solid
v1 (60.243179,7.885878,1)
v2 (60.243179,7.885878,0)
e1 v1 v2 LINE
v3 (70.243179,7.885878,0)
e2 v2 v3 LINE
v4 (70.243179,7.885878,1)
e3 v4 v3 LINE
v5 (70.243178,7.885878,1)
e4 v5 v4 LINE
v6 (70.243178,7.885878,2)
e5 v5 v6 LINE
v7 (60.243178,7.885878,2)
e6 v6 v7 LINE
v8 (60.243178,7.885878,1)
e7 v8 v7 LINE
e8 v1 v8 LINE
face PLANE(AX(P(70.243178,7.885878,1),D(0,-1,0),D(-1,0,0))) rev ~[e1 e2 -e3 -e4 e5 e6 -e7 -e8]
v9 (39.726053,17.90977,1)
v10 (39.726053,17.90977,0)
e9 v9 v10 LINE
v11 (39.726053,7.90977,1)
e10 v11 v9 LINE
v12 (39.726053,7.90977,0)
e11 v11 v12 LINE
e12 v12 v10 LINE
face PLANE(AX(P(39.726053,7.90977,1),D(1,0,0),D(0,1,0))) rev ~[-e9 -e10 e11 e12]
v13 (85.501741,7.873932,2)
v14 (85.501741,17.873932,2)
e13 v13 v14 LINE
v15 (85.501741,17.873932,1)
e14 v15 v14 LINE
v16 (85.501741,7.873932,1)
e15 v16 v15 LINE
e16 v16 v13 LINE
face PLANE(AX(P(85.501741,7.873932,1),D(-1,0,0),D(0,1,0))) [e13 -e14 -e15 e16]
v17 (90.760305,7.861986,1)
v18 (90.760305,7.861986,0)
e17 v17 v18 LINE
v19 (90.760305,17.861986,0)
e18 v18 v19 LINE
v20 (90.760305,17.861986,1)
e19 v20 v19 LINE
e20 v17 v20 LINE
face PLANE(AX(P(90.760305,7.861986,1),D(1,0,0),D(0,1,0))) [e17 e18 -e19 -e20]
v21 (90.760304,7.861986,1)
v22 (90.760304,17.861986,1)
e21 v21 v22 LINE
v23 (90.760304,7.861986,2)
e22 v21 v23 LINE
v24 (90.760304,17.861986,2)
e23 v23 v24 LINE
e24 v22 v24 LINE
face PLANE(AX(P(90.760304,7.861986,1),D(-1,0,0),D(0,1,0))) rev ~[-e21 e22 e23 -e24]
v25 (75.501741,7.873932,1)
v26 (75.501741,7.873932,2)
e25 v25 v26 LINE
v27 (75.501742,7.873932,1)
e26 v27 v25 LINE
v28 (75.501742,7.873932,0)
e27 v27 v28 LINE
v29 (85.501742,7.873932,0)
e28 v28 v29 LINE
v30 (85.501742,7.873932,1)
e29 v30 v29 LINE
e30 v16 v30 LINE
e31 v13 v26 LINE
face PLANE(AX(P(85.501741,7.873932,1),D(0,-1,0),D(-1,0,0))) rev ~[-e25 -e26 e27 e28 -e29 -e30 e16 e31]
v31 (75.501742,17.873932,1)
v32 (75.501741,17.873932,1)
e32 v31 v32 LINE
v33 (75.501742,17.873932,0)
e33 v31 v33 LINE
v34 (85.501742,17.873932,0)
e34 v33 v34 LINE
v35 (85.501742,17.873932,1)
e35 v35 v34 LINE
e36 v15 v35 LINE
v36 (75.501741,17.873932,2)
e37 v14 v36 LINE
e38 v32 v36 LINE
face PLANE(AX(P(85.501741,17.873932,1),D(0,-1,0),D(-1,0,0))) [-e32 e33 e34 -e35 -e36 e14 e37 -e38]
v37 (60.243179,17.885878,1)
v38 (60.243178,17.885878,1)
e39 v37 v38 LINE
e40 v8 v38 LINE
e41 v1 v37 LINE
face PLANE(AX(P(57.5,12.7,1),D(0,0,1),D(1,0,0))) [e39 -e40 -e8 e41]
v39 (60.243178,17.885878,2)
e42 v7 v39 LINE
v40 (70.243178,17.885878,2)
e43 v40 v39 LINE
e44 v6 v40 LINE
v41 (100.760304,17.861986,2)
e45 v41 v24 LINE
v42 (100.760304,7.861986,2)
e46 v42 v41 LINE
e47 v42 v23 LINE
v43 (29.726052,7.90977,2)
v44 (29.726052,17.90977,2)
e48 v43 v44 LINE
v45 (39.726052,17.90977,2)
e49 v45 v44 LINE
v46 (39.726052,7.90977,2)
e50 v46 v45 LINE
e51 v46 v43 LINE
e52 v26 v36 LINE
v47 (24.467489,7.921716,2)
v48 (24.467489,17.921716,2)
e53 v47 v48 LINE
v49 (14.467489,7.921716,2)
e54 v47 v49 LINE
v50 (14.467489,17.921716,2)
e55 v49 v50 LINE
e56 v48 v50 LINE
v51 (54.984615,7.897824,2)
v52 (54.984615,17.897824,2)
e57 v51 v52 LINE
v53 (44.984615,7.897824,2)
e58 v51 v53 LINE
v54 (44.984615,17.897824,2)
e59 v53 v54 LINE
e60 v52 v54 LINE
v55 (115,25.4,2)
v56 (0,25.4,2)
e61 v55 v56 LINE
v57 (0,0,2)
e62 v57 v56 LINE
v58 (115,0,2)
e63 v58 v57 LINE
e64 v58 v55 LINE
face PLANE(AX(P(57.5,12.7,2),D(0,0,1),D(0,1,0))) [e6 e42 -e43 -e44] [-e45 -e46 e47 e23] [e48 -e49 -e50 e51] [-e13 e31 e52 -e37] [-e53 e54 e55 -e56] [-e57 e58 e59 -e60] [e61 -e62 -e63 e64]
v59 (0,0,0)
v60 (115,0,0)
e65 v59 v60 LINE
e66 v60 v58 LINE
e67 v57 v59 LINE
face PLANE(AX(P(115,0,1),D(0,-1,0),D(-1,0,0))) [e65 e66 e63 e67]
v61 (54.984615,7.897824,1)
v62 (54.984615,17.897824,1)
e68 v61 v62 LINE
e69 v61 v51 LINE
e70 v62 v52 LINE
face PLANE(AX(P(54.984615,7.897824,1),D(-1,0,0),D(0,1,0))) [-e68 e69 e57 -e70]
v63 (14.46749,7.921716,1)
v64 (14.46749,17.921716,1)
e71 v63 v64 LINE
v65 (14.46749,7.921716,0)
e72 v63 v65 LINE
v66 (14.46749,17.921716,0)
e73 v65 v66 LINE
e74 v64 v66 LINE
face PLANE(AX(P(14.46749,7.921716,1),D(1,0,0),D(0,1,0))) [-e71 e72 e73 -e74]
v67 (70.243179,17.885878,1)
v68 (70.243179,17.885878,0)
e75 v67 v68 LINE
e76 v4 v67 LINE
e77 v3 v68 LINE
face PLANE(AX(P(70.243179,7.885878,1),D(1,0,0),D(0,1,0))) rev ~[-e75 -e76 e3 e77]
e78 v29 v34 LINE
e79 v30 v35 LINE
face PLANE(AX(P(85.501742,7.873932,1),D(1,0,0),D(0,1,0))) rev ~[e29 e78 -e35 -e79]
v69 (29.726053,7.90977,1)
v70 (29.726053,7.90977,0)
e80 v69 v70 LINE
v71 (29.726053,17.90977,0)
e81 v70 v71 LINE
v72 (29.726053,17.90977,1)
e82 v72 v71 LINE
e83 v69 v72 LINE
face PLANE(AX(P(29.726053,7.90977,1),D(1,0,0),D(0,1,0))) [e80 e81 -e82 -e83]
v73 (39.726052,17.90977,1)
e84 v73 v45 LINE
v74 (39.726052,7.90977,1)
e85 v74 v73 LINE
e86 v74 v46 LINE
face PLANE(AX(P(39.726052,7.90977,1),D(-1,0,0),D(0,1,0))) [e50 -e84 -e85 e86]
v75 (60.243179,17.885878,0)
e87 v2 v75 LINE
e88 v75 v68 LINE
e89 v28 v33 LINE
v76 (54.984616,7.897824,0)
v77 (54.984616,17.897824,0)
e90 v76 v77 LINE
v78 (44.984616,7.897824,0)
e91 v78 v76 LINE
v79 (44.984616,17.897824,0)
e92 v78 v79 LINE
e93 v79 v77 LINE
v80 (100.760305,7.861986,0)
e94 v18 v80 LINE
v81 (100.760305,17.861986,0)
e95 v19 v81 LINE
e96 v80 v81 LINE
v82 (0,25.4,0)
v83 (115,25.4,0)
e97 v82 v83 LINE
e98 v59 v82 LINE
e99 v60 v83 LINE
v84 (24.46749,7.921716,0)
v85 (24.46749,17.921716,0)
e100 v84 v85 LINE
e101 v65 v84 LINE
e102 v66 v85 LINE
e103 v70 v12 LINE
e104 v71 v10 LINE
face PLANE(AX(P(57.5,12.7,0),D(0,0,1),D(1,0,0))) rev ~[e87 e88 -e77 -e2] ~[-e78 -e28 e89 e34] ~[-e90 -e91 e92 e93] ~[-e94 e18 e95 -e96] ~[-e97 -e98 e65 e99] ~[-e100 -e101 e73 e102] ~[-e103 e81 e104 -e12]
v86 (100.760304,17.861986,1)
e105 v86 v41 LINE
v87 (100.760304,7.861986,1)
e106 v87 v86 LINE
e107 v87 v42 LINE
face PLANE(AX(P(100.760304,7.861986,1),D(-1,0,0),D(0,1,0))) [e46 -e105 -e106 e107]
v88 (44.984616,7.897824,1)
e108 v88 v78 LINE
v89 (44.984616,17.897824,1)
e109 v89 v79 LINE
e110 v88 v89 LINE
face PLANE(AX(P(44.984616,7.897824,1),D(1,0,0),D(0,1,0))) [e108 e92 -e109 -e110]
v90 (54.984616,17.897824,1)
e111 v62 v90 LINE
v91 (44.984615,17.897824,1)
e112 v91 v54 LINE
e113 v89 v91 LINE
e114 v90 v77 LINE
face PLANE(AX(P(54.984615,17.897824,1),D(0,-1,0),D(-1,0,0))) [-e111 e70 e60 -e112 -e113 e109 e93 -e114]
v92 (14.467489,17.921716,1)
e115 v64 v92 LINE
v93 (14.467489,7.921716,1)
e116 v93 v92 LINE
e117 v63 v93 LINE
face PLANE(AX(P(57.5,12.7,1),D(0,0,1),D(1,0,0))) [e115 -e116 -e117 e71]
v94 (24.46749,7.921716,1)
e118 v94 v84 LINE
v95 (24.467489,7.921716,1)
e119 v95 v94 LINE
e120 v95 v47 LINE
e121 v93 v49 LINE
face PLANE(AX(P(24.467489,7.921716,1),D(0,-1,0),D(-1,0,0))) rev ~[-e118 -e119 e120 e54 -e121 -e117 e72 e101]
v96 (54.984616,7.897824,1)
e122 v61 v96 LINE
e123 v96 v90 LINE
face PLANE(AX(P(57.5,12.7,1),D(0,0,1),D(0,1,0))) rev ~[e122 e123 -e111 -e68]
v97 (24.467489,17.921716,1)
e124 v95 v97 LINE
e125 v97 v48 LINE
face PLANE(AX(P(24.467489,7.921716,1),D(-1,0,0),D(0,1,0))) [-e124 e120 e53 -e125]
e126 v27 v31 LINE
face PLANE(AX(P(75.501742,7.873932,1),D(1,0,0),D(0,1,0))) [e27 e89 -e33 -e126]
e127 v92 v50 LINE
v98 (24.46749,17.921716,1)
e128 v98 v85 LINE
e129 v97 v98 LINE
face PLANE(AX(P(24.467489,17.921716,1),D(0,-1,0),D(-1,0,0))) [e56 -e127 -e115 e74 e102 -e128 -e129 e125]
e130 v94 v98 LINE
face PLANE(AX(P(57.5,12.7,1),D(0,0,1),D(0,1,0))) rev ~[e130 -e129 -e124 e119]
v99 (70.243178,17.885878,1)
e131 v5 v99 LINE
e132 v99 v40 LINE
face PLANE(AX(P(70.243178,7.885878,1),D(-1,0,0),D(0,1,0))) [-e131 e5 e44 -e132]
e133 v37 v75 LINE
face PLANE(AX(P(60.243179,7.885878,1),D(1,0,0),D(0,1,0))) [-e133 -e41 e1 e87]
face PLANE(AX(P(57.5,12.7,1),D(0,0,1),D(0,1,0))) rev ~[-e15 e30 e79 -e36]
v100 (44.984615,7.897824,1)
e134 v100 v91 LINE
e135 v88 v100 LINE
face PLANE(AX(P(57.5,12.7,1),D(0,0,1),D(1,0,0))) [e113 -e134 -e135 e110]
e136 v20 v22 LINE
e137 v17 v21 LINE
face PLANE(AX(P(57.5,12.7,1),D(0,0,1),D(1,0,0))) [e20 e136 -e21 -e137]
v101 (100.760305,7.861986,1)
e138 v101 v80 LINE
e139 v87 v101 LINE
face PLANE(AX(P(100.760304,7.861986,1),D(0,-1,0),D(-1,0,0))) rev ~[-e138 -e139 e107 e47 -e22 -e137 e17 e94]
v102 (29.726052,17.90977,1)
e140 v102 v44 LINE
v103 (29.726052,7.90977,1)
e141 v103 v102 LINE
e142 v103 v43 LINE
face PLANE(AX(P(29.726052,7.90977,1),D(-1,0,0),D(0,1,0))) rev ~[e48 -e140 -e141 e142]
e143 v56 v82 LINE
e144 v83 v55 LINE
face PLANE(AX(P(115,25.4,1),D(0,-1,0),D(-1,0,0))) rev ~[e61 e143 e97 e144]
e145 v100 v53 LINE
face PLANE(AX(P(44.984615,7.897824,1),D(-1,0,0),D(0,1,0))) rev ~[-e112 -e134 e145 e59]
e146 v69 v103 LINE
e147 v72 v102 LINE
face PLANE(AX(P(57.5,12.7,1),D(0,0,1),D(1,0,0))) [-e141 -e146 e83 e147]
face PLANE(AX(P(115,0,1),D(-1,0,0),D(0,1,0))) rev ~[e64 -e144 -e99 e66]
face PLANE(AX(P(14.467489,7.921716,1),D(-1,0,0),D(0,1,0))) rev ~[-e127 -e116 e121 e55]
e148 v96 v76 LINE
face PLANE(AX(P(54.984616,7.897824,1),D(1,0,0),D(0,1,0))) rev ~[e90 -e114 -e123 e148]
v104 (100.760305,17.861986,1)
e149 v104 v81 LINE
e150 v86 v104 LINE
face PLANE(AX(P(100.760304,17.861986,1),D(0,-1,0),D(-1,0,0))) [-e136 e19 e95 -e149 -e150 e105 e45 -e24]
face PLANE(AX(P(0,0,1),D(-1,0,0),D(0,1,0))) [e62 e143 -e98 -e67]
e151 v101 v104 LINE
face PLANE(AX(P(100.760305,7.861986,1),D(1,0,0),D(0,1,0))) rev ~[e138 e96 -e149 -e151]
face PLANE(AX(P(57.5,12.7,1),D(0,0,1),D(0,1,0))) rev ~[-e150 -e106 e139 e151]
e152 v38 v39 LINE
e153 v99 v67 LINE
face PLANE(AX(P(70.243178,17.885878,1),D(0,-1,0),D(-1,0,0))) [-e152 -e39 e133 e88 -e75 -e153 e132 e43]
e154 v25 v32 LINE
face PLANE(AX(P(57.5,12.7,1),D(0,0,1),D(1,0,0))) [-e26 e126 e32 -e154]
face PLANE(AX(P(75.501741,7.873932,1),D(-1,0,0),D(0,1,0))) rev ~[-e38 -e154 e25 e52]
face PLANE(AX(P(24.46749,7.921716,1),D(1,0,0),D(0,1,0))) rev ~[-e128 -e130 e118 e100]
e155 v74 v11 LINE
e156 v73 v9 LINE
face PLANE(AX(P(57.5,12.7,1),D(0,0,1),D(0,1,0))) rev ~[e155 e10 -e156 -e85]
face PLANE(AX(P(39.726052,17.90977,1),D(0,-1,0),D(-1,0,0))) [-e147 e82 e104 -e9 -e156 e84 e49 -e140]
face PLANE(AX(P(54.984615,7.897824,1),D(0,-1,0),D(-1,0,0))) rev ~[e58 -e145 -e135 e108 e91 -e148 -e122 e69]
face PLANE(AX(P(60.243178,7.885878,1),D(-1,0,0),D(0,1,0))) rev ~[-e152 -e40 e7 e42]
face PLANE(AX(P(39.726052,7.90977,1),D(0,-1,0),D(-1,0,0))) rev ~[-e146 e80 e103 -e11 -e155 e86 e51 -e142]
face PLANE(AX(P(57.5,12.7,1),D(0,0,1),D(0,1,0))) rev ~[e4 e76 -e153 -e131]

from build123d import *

# Parameters (mm, degrees)
BOX_W            = 115
BOX_H            = 25.4
BOX_DEPTH        = 1
SKETCH_W         = 10
SKETCH_H         = 10
POCKET_DEPTH     = 1.001
POCKET_FACE3_W   = 25.4
POCKET_FACE3_H   = 115
POCKET_FACE3_W_2 = 10
POCKET_FACE3_H_2 = 10
PAD_DEPTH        = 1


with BuildPart() as part:
    # Box → Box (new body)
    with BuildSketch(Plane.XY):
        with Locations((57.5, 12.7)):
            Rectangle(BOX_W, BOX_H)
    extrude(amount=BOX_DEPTH)

    # Sketch (on Face6 of BaseFeature) → Pocket (cut, through all)
    with BuildSketch(Plane.XY.offset(1)):
        with Locations((19.46749, 12.921716)):
            Rectangle(SKETCH_W, SKETCH_H)
        with Locations((34.726053, 12.90977)):
            Rectangle(SKETCH_W, SKETCH_H)
        with Locations((49.984616, 12.897824)):
            Rectangle(SKETCH_W, SKETCH_H)
        with Locations((65.243179, 12.885878)):
            Rectangle(SKETCH_W, SKETCH_H)
        with Locations((80.501742, 12.873932)):
            Rectangle(SKETCH_W, SKETCH_H)
        with Locations((95.760305, 12.861986)):
            Rectangle(SKETCH_W, SKETCH_H)
    extrude(amount=-POCKET_DEPTH, mode=Mode.SUBTRACT)

    # Pocket Face3 → Pad (add)
    with BuildSketch(Plane(origin=(57.470556, 12.650405, 1), x_dir=(0, 1, 0), z_dir=(0, 0, 1))):
        with Locations((0.049595, -0.029444)):
            Rectangle(POCKET_FACE3_W, POCKET_FACE3_H)
        with Locations((0.247419, 7.485941)):
            Rectangle(POCKET_FACE3_W_2, POCKET_FACE3_H_2, mode=Mode.SUBTRACT)
        with Locations((0.235473, -7.772622)):
            Rectangle(POCKET_FACE3_W_2, POCKET_FACE3_H_2, mode=Mode.SUBTRACT)
        with Locations((0.223527, -23.031185)):
            Rectangle(POCKET_FACE3_W_2, POCKET_FACE3_H_2, mode=Mode.SUBTRACT)
        with Locations((0.271311, 38.003067)):
            Rectangle(POCKET_FACE3_W_2, POCKET_FACE3_H_2, mode=Mode.SUBTRACT)
        with Locations((0.259365, 22.744504)):
            Rectangle(POCKET_FACE3_W_2, POCKET_FACE3_H_2, mode=Mode.SUBTRACT)
        with Locations((0.211581, -38.289748)):
            Rectangle(POCKET_FACE3_W_2, POCKET_FACE3_H_2, mode=Mode.SUBTRACT)
    extrude(amount=PAD_DEPTH)


solid = part.part
